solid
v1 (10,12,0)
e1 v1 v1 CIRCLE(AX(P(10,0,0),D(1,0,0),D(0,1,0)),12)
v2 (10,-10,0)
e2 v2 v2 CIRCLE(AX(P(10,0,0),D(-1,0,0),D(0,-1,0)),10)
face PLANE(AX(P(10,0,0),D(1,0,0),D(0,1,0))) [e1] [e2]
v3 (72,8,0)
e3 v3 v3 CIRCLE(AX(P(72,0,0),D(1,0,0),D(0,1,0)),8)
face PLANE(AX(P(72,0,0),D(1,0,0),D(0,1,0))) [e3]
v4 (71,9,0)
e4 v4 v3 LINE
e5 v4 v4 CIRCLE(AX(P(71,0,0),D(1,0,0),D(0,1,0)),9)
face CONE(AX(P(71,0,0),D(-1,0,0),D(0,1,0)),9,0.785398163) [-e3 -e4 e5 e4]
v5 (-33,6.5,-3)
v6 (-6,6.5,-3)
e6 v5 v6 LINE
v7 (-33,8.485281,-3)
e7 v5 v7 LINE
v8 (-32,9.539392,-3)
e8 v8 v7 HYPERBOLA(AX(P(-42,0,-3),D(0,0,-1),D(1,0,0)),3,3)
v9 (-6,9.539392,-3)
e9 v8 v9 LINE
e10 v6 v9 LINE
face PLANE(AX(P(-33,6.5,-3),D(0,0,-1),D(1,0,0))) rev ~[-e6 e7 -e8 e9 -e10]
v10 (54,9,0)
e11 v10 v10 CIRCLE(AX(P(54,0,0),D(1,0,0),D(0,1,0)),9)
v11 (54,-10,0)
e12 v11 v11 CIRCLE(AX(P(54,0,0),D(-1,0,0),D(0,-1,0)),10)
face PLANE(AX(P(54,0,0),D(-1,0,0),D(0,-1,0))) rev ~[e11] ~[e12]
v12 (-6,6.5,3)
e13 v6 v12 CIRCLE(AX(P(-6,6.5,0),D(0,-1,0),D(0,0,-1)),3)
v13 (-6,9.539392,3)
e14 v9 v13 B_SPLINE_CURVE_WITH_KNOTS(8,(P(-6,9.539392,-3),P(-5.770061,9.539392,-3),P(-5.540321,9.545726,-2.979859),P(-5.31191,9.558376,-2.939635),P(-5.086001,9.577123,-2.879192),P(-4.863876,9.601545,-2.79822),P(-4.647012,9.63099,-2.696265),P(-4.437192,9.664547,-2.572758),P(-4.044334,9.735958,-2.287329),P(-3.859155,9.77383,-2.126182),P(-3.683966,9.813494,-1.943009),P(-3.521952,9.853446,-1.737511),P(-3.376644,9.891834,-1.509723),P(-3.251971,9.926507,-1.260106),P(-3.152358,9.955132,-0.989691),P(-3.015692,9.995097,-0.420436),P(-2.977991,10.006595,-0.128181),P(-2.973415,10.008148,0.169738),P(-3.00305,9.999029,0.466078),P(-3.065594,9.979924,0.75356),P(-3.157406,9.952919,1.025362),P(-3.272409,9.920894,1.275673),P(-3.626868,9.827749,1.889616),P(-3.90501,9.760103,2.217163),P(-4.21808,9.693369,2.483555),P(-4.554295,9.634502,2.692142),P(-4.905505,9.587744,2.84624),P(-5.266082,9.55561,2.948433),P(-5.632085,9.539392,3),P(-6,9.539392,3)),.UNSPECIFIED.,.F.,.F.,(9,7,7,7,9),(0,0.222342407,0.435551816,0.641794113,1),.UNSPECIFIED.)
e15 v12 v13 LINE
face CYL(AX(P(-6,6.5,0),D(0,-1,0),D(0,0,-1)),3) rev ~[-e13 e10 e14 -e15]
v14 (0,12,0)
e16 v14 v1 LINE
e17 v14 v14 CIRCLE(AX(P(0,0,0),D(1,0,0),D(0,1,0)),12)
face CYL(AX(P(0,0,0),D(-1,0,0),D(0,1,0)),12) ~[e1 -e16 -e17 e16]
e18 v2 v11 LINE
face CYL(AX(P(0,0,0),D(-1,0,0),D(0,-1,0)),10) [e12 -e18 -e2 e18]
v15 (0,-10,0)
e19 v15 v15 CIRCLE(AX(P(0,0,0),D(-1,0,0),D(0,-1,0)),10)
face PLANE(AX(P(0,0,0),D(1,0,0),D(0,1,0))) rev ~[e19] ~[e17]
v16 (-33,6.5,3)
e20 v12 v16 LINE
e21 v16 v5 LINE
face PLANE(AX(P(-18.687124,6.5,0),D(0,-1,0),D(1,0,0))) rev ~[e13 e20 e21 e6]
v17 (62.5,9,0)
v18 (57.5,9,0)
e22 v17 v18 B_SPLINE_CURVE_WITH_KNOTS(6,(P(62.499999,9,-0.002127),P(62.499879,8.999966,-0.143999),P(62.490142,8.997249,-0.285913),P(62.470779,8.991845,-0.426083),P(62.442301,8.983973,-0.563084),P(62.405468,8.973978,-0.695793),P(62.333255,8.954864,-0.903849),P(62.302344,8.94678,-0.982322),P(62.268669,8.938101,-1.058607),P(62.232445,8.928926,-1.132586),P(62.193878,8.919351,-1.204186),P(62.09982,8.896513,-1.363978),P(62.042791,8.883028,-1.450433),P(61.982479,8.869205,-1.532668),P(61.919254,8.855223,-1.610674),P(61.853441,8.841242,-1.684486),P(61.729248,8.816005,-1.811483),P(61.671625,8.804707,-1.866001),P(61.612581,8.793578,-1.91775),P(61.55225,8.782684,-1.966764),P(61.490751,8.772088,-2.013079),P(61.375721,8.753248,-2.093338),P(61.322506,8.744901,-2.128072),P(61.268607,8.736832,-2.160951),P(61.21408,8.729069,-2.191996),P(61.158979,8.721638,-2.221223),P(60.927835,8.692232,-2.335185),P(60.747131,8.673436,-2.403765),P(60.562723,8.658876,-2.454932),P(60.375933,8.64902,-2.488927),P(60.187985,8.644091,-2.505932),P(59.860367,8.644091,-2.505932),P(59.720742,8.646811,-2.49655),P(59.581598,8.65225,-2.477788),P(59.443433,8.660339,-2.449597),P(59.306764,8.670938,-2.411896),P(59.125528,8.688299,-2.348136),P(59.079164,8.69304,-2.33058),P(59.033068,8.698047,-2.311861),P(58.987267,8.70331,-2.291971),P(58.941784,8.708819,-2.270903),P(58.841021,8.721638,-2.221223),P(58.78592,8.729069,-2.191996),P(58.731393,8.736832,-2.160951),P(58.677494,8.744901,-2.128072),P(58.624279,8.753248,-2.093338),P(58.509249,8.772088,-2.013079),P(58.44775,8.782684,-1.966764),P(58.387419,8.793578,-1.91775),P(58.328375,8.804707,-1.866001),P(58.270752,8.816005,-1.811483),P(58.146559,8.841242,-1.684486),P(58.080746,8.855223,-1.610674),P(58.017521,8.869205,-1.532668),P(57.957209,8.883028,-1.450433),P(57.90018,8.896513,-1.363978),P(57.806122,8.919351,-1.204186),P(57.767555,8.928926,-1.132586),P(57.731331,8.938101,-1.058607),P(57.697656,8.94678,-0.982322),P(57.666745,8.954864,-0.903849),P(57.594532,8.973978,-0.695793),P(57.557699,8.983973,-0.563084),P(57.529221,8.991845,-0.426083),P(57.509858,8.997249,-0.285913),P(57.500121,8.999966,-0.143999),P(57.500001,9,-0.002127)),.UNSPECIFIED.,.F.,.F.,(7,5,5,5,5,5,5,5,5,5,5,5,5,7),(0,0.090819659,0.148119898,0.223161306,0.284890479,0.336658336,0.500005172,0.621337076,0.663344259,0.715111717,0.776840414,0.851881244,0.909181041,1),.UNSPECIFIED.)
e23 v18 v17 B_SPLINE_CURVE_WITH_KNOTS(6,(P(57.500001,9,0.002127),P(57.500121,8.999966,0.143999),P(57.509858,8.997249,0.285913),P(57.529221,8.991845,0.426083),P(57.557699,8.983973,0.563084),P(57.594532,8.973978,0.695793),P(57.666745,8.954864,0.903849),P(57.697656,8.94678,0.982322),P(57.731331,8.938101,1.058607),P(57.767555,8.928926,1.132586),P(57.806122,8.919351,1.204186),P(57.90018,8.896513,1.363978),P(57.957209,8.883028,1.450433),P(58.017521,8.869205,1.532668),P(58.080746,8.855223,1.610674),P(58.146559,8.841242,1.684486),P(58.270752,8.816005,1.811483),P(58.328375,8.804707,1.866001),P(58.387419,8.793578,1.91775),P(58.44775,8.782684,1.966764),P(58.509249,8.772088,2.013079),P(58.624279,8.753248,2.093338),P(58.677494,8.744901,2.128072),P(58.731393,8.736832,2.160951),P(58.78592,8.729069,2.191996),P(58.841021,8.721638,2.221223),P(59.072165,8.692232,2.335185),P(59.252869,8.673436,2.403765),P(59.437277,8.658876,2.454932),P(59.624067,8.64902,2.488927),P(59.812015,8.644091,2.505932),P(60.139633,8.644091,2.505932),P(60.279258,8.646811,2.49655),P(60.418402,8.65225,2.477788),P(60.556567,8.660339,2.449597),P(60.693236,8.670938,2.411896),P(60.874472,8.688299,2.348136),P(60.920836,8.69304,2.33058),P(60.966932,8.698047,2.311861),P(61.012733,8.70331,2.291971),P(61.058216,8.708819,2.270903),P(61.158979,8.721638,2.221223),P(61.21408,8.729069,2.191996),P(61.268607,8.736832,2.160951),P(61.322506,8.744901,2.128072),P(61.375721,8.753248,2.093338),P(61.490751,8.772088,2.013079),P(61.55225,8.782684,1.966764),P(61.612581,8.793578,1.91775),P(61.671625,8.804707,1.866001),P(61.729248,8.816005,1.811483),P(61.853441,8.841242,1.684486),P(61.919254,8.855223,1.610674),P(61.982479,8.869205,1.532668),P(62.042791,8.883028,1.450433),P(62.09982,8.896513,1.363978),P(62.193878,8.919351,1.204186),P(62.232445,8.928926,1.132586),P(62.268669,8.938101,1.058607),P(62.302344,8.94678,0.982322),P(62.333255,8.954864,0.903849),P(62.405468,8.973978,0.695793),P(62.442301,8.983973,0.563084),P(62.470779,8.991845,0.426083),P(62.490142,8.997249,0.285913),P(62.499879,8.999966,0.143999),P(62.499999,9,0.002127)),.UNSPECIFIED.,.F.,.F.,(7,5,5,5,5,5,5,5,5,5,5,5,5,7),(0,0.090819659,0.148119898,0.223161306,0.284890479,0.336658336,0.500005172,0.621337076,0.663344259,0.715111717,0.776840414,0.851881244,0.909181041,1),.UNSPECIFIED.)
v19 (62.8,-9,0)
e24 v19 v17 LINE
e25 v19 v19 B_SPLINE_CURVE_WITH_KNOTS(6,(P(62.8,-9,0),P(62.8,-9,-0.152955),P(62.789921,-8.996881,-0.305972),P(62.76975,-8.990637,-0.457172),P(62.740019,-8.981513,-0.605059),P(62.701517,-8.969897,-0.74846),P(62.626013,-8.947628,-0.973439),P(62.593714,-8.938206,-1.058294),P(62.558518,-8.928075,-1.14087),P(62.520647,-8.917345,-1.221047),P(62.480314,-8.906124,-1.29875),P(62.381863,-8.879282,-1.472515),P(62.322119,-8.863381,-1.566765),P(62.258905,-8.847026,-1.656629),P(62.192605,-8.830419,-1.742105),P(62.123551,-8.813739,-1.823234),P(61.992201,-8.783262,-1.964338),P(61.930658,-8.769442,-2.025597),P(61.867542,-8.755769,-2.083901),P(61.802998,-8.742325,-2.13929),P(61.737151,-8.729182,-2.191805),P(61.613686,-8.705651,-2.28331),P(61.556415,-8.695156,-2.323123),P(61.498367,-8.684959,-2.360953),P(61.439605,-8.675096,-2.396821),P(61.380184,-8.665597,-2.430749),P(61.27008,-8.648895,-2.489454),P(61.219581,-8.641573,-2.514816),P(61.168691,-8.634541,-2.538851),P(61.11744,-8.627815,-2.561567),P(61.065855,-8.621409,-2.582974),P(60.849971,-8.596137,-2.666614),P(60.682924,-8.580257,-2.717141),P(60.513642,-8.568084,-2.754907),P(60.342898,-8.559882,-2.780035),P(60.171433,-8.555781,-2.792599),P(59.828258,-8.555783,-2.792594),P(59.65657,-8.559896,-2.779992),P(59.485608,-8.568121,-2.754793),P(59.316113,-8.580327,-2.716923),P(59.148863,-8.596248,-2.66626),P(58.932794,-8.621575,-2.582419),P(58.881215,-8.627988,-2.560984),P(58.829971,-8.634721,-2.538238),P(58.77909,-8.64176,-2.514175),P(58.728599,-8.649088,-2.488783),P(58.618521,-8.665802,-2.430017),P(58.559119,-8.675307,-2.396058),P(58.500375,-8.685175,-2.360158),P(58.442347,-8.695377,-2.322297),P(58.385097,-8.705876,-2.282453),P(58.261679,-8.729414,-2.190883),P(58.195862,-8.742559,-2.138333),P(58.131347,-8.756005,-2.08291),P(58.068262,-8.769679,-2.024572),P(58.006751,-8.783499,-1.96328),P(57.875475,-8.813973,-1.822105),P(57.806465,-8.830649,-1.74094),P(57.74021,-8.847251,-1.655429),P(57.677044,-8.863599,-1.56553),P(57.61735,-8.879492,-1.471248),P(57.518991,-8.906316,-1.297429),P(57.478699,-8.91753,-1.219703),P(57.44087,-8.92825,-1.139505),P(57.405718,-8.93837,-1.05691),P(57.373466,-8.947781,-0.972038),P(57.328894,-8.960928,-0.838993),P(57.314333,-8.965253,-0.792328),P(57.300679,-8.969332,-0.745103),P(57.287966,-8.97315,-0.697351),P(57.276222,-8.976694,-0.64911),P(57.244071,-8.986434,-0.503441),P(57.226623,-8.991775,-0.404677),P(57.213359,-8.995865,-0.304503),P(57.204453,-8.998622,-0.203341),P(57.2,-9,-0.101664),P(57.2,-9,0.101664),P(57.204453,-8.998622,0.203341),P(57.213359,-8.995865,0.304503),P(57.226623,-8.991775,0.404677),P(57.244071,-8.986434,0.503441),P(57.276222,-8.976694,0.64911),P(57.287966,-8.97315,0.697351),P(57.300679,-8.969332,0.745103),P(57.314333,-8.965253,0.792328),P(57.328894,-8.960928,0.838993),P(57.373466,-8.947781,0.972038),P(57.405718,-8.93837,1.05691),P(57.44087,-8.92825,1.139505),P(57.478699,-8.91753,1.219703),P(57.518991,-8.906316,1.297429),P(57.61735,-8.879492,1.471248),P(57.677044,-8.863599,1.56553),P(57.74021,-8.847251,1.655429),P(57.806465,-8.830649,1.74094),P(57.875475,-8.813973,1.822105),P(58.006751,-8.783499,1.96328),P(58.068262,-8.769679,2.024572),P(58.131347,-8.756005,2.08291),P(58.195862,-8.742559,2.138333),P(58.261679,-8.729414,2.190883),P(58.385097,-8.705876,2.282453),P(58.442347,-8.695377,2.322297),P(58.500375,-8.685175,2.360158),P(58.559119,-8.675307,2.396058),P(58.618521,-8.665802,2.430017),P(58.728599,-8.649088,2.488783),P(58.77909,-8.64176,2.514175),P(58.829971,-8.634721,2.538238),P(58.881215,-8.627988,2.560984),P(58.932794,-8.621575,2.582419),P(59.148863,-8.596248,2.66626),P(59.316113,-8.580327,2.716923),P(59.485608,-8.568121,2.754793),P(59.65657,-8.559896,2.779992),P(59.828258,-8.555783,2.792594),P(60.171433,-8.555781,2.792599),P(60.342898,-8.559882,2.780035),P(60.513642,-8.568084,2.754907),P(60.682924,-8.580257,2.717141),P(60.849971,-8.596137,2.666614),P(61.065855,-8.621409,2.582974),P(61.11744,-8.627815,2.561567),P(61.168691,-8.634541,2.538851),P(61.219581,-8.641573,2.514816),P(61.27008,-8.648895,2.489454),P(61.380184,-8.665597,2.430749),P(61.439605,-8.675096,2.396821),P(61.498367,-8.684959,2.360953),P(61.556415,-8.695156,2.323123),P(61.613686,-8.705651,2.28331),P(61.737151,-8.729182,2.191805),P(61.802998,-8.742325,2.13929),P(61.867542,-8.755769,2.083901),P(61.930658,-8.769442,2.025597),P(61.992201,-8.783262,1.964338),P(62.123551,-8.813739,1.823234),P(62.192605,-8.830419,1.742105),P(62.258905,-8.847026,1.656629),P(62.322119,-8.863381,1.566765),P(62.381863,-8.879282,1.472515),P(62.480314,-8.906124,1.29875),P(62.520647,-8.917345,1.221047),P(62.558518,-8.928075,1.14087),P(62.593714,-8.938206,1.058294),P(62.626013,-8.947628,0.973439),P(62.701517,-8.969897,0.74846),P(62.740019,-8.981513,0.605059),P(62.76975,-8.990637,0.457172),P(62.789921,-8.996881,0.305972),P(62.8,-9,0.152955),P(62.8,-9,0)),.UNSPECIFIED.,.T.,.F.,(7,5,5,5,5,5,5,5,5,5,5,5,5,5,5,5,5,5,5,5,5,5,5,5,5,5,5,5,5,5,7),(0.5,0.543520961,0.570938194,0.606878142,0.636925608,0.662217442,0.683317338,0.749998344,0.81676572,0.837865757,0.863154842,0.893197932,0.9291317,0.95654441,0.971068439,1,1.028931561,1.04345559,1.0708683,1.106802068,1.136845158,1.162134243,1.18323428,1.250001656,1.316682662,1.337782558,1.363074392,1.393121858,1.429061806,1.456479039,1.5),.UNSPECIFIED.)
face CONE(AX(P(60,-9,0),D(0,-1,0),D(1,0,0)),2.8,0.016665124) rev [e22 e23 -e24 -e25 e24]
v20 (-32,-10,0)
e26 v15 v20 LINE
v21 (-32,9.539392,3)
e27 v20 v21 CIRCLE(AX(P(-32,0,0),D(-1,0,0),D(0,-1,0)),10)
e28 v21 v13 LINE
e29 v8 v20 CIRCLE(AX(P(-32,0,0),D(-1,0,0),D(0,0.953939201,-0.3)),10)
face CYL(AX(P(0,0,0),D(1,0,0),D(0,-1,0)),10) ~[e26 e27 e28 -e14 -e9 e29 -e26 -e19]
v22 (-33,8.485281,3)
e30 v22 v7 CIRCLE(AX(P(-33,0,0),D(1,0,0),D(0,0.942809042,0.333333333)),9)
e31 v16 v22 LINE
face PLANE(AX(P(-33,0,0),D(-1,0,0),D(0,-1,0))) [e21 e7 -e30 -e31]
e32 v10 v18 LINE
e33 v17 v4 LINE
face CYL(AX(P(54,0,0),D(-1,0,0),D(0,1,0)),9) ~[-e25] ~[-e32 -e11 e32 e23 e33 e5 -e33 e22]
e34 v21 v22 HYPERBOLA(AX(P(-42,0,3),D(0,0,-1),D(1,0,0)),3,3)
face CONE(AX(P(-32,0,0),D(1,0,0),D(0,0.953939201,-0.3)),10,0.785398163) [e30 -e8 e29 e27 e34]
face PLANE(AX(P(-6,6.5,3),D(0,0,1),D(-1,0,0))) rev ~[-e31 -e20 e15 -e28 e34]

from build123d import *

# Parameters (mm, degrees)
F0_R     = 12
F1_DEPTH = 10
F2_R     = 10
F3_DEPTH = 33
F4_DEPTH = 54
F5_R     = 9
F6_DEPTH = 18
F9_DEPTH = 5.501
F10_SIZE = 1
F11_W    = 2.5
F11_H    = 0.980663


with BuildPart() as f1:
    # F0 (on Right) → F1 (new body)
    with BuildSketch(Plane.YZ):
        Circle(F0_R)
    extrude(amount=F1_DEPTH)

    # F2 (on face) → F3 (join)
    with BuildSketch(Plane(origin=(0, 0, 0), x_dir=(0, -1, 0), z_dir=(-1, 0, 0))):
        Circle(F2_R)
    extrude(amount=F3_DEPTH)

    # F2 (on face) → F4 (join)
    with BuildSketch(Plane(origin=(0, 0, 0), x_dir=(0, -1, 0), z_dir=(-1, 0, 0))):
        Circle(F2_R)
    extrude(amount=-F4_DEPTH)

    # F5 (on face) → F6 (join)
    with BuildSketch(Plane.YZ.offset(54)):
        Circle(F5_R)
    extrude(amount=F6_DEPTH)

    # F8 (on offset) → F9 (cut, through all)
    with BuildSketch(Plane.XZ.offset(-6.5)):
        with BuildLine():
            Line((-33, 3), (-33, -3))
            Line((-33, -3), (-6, -3))
            ThreePointArc((-6, -3), (-3, 0), (-6, 3))
            Line((-6, 3), (-33, 3))
        make_face()
    extrude(amount=-F9_DEPTH, mode=Mode.SUBTRACT)

    # F10
    f10_edges = [f1.edges().sort_by_distance(p)[0] for p in [
        (-33, -1.517577, -9.884177),
        (-33, -1.517577, 9.884177),
        (72, -9, 0),
    ]]
    chamfer(f10_edges, length=F10_SIZE)

    # F11 (on Top) → F12 (revolve, cut)
    with BuildSketch(Plane.XY):
        with Locations((61.25, 9.490331)):
            Rectangle(F11_W, F11_H)
        Polygon((62.5, 9), (60, 9), (60, -9), (62.8, -9), align=None)
        Polygon((62.8, -9), (60, -9), (60, -10.015493), (62.816925, -10.015493), align=None)
    revolve(axis=Axis((60, -0.455183, 0), (0, -1, 0)), mode=Mode.SUBTRACT)


solid = f1.part
